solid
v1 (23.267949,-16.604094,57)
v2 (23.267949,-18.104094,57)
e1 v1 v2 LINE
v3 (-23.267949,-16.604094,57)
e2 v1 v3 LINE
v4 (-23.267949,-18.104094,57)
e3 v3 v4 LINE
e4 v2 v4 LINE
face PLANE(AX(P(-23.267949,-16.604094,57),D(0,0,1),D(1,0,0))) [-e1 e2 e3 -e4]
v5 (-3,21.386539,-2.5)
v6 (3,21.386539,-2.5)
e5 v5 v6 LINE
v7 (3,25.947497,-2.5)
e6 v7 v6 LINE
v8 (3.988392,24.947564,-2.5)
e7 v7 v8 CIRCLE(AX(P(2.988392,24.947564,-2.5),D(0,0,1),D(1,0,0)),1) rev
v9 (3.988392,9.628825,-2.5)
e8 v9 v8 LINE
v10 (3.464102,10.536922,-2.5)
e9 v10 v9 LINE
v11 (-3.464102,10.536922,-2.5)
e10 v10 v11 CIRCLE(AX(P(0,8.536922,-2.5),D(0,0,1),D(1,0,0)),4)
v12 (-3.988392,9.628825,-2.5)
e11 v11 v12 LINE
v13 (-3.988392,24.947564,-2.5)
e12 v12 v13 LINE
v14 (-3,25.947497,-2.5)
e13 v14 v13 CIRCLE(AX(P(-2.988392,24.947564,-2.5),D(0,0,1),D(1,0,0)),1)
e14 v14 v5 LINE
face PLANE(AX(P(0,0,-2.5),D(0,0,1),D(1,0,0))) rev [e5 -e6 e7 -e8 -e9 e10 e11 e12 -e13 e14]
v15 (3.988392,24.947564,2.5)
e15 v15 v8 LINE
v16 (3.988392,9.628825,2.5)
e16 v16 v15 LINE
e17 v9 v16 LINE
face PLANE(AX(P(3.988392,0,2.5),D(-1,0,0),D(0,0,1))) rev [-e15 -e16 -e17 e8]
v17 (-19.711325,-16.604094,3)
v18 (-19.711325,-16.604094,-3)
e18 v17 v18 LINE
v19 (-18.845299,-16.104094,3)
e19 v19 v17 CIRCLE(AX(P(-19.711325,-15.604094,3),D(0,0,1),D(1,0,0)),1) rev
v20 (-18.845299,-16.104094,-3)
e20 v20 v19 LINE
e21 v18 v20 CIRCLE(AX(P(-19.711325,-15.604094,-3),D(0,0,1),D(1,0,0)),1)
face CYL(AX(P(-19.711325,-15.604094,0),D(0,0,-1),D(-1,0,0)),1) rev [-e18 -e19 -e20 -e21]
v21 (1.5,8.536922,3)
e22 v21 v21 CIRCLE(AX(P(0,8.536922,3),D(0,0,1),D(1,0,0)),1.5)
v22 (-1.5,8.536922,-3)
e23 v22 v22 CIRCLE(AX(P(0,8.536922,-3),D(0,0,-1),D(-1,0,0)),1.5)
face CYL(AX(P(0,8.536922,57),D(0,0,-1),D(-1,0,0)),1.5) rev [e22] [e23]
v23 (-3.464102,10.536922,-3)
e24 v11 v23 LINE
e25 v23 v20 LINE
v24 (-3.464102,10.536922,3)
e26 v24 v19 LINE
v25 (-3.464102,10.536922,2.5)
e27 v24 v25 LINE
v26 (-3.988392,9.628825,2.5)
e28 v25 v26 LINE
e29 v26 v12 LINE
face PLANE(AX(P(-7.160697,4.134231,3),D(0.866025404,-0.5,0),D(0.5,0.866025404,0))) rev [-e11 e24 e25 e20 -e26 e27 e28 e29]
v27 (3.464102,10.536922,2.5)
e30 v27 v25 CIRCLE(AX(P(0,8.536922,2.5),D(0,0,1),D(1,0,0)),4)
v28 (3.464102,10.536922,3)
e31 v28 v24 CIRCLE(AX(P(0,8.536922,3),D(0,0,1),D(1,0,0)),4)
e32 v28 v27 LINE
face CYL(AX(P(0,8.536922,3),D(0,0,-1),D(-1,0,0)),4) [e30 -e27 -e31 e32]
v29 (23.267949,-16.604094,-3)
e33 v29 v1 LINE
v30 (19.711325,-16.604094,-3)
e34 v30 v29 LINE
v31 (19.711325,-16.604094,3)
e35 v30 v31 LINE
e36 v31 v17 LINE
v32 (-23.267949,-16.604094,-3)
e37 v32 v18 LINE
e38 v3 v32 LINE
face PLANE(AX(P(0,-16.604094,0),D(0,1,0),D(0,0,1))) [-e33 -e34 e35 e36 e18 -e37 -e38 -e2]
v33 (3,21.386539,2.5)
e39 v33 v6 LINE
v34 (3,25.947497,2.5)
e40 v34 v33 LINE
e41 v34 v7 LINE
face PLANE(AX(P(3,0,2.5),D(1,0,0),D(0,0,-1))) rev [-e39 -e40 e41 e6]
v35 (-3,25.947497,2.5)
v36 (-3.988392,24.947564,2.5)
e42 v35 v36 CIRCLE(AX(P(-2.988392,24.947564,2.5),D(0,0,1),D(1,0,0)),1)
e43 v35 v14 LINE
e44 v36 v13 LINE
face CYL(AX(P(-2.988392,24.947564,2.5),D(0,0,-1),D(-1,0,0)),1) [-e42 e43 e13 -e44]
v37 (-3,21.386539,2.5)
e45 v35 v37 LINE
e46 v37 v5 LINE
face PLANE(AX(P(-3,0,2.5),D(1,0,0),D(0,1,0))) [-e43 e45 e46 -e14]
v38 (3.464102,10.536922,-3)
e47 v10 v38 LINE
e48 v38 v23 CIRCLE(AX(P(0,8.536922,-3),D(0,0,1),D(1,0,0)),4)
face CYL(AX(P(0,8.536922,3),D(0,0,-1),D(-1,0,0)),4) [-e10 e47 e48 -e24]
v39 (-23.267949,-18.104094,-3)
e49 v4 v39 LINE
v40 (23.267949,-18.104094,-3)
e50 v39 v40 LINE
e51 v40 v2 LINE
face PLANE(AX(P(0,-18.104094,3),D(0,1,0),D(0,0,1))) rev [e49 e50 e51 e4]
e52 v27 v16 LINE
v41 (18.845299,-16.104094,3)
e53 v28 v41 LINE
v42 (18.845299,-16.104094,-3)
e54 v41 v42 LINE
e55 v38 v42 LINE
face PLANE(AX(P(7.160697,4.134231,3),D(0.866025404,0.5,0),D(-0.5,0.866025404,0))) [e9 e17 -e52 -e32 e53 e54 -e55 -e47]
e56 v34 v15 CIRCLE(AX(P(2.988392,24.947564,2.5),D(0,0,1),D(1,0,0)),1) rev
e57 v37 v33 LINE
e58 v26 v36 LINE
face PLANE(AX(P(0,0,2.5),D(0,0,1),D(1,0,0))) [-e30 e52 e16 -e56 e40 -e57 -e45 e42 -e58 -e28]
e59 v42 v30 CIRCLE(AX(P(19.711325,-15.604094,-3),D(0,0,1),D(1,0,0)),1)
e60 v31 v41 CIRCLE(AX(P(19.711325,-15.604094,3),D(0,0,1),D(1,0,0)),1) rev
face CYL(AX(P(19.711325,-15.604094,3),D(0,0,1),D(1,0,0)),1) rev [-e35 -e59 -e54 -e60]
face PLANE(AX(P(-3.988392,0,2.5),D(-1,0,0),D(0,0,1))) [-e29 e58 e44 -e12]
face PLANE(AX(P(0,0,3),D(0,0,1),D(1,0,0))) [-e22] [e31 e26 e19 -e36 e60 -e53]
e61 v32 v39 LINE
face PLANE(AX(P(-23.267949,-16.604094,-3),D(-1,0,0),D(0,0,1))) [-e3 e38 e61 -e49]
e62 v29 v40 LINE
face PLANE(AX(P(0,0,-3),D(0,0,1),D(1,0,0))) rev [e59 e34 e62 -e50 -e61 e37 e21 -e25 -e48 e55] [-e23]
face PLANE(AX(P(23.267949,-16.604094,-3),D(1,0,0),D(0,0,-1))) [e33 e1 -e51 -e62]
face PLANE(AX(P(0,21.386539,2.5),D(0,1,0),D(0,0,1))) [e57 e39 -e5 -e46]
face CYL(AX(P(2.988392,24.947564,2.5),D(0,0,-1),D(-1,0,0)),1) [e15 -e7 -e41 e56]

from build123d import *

# Parameters (mm, degrees)
EXTRUDE_1_DEPTH     = 3
EXTRUDE_2_DEPTH     = 2.5
SKETCH_3_W          = 46.535898384
SKETCH_3_H          = 60
EXTRUDE_3_DEPTH     = 1.5
FILLET_1_R          = 1
SKETCH_4_R          = 1.5
CUT_EXTRUDE_1_DEPTH = 70.387823433


with BuildPart() as part:
    # 草圖1 → 填料-伸長1 (new, symmetric)
    with BuildSketch(Plane.XY):
        with BuildLine():
            ThreePointArc((3.464101615, 10.536922378), (2, 12.001023993), (0, 12.536922378))
            Line((0, 12.536922378), (0, -18.104093774))
            Line((0, -18.104093774), (18.267949192, -18.104093774))
            ThreePointArc((18.267949192, -18.104093774), (19.133974596, -17.604093774), (19.133974596, -16.604093774))
            Line((19.133974596, -16.604093774), (3.464101615, 10.536922378))
        make_face()
        with BuildLine():
            ThreePointArc((0, 12.536922378), (-2, 12.001023993), (-3.464101615, 10.536922378))
            Line((-3.464101615, 10.536922378), (-19.133974596, -16.604093774))
            ThreePointArc((-19.133974596, -16.604093774), (-19.133974596, -17.604093774), (-18.267949192, -18.104093774))
            Line((-18.267949192, -18.104093774), (0, -18.104093774))
            Line((0, -18.104093774), (0, 12.536922378))
        make_face()
    extrude(amount=EXTRUDE_1_DEPTH, both=True)

    # 草圖2 → 填料-伸長2 (add, symmetric)
    with BuildSketch(Plane.XY):
        with BuildLine():
            Line((-3.98839196, 24.947564001), (-3.98839196, 8.841437682))
            Line((-3.98839196, 8.841437682), (3.98839196, 8.841437682))
            Line((3.98839196, 8.841437682), (3.98839196, 24.947564001))
            ThreePointArc((3.98839196, 24.947564001), (3.699590962, 25.65055474), (3, 25.947496625))
            Line((3, 25.947496625), (3, 21.386539183))
            Line((3, 21.386539183), (0, 21.386539183))
            Line((0, 21.386539183), (-3, 21.386539183))
            Line((-3, 21.386539183), (-3, 25.947496625))
            ThreePointArc((-3, 25.947496625), (-3.699590962, 25.65055474), (-3.98839196, 24.947564001))
        make_face()
    extrude(amount=EXTRUDE_2_DEPTH, both=True)

    # 草圖3 → 填料-伸長3 (add)
    with BuildSketch(Plane.XZ.offset(18.104093774)):
        with Locations((0, 27)):
            Rectangle(SKETCH_3_W, SKETCH_3_H)
    extrude(amount=-EXTRUDE_3_DEPTH)

    # 圓角1
    fillet_1_edges = [part.edges().sort_by_distance(p)[0] for p in [
        (19.133974596, -16.604093774, 0),
        (-19.133974596, -16.604093774, 0),
    ]]
    fillet(fillet_1_edges, radius=FILLET_1_R)

    # 草圖4 → 除料-伸長1 (cut, through all)
    with BuildSketch(Plane(origin=(0, 0, -3), x_dir=(-1, 0, 0), z_dir=(0, 0, -1))):
        with Locations((0, 8.536922378)):
            Circle(SKETCH_4_R)
    extrude(amount=-CUT_EXTRUDE_1_DEPTH, mode=Mode.SUBTRACT)


solid = part.part
